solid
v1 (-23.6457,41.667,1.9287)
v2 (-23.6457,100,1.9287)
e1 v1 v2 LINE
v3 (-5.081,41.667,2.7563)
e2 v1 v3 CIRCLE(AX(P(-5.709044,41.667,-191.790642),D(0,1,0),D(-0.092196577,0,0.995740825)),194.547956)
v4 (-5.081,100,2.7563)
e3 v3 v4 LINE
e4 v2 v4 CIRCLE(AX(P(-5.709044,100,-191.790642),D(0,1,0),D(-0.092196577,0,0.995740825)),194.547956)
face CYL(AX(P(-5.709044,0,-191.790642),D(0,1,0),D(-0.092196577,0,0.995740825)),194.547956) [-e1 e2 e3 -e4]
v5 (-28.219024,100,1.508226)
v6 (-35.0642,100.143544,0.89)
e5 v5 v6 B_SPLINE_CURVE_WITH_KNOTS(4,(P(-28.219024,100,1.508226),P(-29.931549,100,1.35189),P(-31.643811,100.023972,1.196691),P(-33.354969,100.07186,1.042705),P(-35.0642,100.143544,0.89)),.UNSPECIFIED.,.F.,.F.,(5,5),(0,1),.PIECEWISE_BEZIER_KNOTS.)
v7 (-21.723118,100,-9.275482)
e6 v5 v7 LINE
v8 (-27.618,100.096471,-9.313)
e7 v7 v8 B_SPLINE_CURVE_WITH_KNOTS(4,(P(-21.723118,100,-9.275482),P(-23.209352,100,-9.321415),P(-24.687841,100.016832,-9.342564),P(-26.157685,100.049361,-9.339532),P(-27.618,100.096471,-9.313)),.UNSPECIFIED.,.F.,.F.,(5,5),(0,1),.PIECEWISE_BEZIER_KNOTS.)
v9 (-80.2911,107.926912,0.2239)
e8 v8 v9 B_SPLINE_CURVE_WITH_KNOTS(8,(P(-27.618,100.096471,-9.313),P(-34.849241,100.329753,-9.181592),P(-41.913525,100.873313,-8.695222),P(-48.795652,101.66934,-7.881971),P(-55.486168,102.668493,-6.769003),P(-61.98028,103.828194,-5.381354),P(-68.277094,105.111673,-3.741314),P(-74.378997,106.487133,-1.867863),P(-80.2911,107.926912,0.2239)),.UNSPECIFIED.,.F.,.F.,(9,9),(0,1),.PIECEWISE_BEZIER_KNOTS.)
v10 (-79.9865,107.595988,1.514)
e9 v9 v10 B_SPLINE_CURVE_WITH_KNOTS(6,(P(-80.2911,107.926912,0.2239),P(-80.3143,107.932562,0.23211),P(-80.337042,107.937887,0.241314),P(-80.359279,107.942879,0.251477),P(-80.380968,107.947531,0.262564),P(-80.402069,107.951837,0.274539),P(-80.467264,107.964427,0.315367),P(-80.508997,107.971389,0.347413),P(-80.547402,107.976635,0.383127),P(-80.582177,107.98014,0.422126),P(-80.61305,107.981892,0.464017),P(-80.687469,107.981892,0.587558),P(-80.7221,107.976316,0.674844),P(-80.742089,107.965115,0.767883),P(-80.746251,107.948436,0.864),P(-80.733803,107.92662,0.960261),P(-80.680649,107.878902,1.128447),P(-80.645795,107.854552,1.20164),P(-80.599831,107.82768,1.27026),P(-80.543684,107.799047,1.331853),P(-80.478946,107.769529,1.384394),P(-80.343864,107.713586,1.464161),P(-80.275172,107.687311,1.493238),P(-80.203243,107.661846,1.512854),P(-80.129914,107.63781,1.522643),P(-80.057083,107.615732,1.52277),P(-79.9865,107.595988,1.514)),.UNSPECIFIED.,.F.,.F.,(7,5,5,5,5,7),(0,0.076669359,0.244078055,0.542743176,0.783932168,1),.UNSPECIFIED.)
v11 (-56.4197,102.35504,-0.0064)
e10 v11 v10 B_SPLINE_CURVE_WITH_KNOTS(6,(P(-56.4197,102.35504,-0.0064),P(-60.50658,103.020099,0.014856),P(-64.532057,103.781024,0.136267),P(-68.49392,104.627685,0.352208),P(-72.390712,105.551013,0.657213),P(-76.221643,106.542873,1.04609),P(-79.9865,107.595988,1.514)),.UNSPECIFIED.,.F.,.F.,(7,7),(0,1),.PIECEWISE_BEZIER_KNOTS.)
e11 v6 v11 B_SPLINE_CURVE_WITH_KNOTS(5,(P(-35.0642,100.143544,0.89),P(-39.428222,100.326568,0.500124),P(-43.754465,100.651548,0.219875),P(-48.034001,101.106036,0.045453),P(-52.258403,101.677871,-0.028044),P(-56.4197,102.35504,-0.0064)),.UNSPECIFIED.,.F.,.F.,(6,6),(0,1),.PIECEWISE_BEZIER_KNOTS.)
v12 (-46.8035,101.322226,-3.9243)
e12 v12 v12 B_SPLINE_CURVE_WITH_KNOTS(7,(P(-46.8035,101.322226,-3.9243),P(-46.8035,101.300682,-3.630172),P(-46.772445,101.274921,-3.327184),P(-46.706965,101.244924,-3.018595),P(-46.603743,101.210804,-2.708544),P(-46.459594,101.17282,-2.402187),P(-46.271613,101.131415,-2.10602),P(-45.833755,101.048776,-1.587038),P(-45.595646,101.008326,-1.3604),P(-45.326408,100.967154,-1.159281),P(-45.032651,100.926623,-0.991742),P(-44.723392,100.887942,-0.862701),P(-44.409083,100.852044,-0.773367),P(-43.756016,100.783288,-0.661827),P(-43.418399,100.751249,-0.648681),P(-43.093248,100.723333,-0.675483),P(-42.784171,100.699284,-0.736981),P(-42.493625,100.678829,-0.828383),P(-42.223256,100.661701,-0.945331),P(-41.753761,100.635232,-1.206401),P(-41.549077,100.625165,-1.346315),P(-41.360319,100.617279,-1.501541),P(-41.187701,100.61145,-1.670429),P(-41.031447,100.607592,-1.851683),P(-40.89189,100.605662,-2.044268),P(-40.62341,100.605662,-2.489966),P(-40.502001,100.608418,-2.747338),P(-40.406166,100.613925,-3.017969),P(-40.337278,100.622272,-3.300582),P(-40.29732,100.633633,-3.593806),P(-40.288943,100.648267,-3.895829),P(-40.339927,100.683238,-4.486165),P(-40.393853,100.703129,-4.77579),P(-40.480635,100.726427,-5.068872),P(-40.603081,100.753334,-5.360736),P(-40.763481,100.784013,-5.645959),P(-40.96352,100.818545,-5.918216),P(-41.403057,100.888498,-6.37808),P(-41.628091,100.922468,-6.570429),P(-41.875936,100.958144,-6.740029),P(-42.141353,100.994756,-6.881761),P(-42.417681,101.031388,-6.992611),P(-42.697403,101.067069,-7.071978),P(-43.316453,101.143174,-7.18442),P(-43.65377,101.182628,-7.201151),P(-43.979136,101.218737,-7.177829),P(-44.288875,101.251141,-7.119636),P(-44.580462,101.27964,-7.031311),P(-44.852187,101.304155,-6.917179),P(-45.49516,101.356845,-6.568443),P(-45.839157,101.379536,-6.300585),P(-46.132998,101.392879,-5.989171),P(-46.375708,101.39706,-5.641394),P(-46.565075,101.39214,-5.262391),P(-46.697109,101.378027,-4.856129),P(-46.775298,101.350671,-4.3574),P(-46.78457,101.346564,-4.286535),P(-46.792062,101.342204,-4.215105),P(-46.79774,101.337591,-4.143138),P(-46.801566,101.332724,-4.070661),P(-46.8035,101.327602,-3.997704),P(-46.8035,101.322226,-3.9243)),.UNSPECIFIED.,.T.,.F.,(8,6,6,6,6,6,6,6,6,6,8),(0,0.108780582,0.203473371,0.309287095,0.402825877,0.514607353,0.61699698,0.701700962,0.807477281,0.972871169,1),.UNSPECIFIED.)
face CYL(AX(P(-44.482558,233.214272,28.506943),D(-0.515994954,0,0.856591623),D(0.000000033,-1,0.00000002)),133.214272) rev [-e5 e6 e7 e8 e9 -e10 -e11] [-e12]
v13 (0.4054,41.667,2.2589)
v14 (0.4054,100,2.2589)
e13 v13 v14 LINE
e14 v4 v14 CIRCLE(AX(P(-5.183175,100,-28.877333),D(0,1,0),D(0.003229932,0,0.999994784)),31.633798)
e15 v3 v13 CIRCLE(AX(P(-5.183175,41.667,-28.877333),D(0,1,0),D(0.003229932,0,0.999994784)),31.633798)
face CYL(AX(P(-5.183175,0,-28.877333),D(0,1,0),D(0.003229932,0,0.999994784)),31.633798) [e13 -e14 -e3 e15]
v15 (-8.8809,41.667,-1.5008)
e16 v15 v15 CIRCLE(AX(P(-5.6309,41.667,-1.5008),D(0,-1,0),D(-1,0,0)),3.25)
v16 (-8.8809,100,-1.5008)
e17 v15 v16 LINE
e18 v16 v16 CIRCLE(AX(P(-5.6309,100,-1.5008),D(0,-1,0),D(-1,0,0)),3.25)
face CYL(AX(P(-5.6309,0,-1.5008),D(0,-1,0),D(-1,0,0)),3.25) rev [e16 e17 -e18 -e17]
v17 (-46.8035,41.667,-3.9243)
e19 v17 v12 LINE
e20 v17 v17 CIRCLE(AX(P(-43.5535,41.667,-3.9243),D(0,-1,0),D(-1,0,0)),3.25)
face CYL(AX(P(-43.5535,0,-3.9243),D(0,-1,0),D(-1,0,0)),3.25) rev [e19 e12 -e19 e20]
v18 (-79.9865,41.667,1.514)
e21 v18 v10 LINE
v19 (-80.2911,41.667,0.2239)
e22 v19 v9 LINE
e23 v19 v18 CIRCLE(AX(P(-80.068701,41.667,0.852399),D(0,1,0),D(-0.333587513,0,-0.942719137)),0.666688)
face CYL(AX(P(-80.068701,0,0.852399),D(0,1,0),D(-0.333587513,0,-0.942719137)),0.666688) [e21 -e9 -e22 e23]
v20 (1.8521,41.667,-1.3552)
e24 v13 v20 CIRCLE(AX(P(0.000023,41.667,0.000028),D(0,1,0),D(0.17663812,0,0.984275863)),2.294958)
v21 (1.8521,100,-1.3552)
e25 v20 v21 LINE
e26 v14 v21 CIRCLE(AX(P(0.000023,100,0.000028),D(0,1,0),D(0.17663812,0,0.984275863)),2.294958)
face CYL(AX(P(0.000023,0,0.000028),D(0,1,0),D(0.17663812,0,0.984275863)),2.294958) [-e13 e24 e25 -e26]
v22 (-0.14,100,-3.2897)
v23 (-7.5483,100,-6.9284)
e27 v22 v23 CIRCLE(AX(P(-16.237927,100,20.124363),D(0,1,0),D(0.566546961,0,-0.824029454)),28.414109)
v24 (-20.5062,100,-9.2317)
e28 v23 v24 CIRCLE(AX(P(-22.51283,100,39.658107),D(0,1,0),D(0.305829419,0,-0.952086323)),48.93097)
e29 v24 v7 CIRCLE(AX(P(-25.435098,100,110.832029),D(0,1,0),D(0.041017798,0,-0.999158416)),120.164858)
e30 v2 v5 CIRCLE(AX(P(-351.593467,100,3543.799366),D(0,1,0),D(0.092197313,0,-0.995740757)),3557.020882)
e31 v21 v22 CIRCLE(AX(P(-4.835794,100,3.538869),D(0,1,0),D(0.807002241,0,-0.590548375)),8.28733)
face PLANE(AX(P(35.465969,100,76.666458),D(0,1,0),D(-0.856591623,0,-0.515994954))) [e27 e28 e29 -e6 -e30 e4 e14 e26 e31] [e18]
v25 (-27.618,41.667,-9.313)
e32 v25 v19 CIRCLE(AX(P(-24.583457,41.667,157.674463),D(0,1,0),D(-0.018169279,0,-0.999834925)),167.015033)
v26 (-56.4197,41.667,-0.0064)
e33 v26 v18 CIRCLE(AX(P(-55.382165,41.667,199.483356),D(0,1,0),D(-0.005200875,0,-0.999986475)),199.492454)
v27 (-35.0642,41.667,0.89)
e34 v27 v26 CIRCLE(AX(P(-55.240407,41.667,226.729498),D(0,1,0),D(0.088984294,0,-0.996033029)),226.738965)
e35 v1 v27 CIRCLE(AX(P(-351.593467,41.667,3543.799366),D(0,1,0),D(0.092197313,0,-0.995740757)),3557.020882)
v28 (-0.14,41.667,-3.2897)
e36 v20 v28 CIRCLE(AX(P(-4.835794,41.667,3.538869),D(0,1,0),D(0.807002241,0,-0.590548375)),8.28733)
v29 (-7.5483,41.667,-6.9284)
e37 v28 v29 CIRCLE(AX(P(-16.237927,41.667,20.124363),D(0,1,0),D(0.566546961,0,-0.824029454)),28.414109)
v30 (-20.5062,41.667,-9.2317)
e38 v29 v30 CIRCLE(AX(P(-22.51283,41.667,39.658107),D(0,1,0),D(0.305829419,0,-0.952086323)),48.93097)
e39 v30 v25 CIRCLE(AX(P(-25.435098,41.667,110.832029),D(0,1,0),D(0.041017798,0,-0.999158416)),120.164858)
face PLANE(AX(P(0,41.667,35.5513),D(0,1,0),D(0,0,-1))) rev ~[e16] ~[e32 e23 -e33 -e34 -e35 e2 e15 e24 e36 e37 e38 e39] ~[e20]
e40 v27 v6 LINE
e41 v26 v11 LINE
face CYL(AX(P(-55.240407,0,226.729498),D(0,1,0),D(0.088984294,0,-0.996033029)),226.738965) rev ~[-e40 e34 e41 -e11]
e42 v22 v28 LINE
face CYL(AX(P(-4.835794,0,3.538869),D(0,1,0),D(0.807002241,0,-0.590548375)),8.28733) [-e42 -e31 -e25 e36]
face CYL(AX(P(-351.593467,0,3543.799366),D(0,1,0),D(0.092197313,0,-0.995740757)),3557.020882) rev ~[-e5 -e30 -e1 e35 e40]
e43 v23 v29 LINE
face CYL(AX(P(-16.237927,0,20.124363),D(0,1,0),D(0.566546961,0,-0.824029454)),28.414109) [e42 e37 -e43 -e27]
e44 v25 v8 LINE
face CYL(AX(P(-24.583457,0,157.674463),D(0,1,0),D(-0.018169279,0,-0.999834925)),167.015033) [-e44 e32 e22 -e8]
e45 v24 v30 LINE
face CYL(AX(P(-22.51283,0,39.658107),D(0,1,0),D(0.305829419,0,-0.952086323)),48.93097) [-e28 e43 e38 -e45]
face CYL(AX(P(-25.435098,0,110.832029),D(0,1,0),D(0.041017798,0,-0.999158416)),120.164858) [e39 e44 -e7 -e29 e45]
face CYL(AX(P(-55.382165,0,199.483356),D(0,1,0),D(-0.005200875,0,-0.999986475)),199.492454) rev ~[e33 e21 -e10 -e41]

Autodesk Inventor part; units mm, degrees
ref_plane "YZ Plane" through (0, 0, 0) normal (1, 0, 0) x (0, 1, 0)
ref_plane "XZ Plane" through (0, 0, 0) normal (0, 1, 0) x (-1, 0, 0)
sketch "スケッチ1" plane through (0, 0, 0) normal (0, 1, 0) x (-1, 0, 0)
  circle A0 centre (56.6667, -3.3333) radius 2 projected
  circle A1 centre (6.6667, -1.3333) radius 2 projected
  arc A2 (27.618, -9.313) -> (80.2911, 0.2239) centre (24.5838, 157.671) ccw projected
  arc A3 (20.5062, -9.2317) -> (27.618, -9.313) centre (25.435, 110.8283) ccw projected
  arc A4 (7.5483, -6.9284) -> (20.5062, -9.2317) centre (22.5133, 39.66) ccw projected
  arc A5 (0.14, -3.2897) -> (7.5483, -6.9284) centre (16.2383, 20.125) ccw projected
  arc A6 (-1.8521, -1.3552) -> (0.14, -3.2897) centre (4.8333, 3.5367) ccw projected
  arc A7 (-0.4054, 2.2589) -> (-1.8521, -1.3552) centre (0, 0) ccw projected
  arc A8 (5.081, 2.7563) -> (-0.4054, 2.2589) centre (5.1833, -28.88) ccw projected
  arc A9 (23.6457, 1.9287) -> (5.081, 2.7563) centre (5.71, -191.7767) ccw projected
  arc A10 (23.6457, 1.9287) -> (35.0642, 0.89) centre (351.2983, 3540.5833) ccw projected
  arc A11 (35.0642, 0.89) -> (56.4197, -0.0064) centre (55.24, 226.7233) ccw projected
  arc A12 (56.4197, -0.0064) -> (79.9865, 1.514) centre (55.3817, 199.4967) ccw projected
  arc A13 (80.2911, 0.2239) -> (79.9865, 1.514) centre (80.0687, 0.8524) ccw projected
extrude "押し出し1" add sketch "スケッチ1" along normal mid plane 250 contours A0 | A1 | A3 A4 A5 A6 A7 A8 A9 A10 A11 A12 A13 A2
ref_plane "作業平面1" through (-121.5758, 135, -17.9326) normal (0.516, 0, -0.8566) x (0.8566, 0, 0.516)
sketch "スケッチ4" plane through (-121.5758, 135, -17.9326) normal (0.516, 0, -0.8566) x (0.8566, 0, 0.516)
  arc A0 (90, 35) -> (0, 0) centre (90, -98.2143) ccw projected
  line L0 (183.3333, 35) -> (90, 35) projected
  line L1 (183.3333, 35) -> (183.3333, 0)
  line L2 (183.3333, 0) -> (0, 0)
  point P0 (113.3913, 135)
extrude "押し出し4" cut sketch "スケッチ4" along normal through all
sketch "スケッチ5" plane through (0, 0, 0) normal (1, 0, 0) x (0, 1, 0)
  line L0 (0, 23.0117) -> (-125, 23.0117)
  line L1 (-125, 23.0117) -> (-125, -26.2227)
  line L2 (-125, -26.2227) -> (0, -26.2227)
  line L3 (0, -26.2227) -> (0, 23.0117)
  line L4 (-125, 0.2239) -> (-125, -9.313) projected
  line L5 (-125, -9.313) -> (-125, -9.2317) projected
  line L6 (-125, -9.2317) -> (-125, -6.9284) projected
  line L7 (-125, -6.9284) -> (-125, -3.2897) projected
  line L8 (-125, -3.2897) -> (-125, -1.3552) projected
  line L9 (-125, -1.3552) -> (-125, 2.2589) projected
  line L10 (-125, 2.2589) -> (-125, 2.7563) projected
  line L11 (-125, 2.7563) -> (-125, 1.9287) projected
  line L12 (-125, 1.9287) -> (-125, 0.89) projected
  line L13 (-125, 0.89) -> (-125, -0.0064) projected
  line L14 (-125, -0.0064) -> (-125, 1.514) projected
  line L15 (-125, 1.514) -> (-125, 0.2239) projected
  line L16 (0, -36.0696) -> (0, 32.8586) projected
  point P0 (0, 0)
extrude "押し出し5" cut sketch "スケッチ5" along normal through all both and the other way through all
sketch "スケッチ6" plane through (0, 0, 0) normal (0, 1, 0) x (-1, 0, 0)
  circle A0 centre (5.6309, -1.5008) radius 3.25 projected
  circle A1 centre (43.5535, -3.9243) radius 3.25 projected
  point P0 (0, 0)
extrude "押し出し6" cut sketch "スケッチ6" along normal through all
sketch "スケッチ7" plane through (0, 0, 0) normal (1, 0, 0) x (0, 1, 0)
  line L0 (0, -4.7508) -> (0, 1.7492) projected
  line L1 (0, -7.1743) -> (0, -0.6743) projected
  line L2 (0, 0.89) -> (0, 1.9287) projected
  line L3 (0, -0.0064) -> (0, 0.89) projected
  line L4 (0, 1.514) -> (0, -0.0064) projected
  line L5 (0, 0.2239) -> (0, 1.514) projected
  line L6 (0, -9.313) -> (0, 0.2239) projected
  line L7 (0, -9.2317) -> (0, -9.313) projected
  line L8 (0, -6.9284) -> (0, -9.2317) projected
  line L9 (0, -3.2897) -> (0, -6.9284) projected
  line L10 (0, -1.3552) -> (0, -3.2897) projected
  line L11 (0, 2.2589) -> (0, -1.3552) projected
  line L12 (0, 2.7563) -> (0, 2.2589) projected
  line L13 (0, 1.9287) -> (0, 2.7563) projected
  line L14 (0, 35.5513) -> (41.667, 35.5513)
  line L15 (41.667, 35.5513) -> (41.667, -19.8637)
  line L16 (41.667, -19.8637) -> (0, -19.8637)
  line L17 (0, -19.8637) -> (0, 35.5513)
  point P0 (0, 0)
  dimension "d19" = 41.667
extrude "押し出し7" cut sketch "スケッチ7" along normal through all both and the other way through all
properties part number "newsubflap_top"
